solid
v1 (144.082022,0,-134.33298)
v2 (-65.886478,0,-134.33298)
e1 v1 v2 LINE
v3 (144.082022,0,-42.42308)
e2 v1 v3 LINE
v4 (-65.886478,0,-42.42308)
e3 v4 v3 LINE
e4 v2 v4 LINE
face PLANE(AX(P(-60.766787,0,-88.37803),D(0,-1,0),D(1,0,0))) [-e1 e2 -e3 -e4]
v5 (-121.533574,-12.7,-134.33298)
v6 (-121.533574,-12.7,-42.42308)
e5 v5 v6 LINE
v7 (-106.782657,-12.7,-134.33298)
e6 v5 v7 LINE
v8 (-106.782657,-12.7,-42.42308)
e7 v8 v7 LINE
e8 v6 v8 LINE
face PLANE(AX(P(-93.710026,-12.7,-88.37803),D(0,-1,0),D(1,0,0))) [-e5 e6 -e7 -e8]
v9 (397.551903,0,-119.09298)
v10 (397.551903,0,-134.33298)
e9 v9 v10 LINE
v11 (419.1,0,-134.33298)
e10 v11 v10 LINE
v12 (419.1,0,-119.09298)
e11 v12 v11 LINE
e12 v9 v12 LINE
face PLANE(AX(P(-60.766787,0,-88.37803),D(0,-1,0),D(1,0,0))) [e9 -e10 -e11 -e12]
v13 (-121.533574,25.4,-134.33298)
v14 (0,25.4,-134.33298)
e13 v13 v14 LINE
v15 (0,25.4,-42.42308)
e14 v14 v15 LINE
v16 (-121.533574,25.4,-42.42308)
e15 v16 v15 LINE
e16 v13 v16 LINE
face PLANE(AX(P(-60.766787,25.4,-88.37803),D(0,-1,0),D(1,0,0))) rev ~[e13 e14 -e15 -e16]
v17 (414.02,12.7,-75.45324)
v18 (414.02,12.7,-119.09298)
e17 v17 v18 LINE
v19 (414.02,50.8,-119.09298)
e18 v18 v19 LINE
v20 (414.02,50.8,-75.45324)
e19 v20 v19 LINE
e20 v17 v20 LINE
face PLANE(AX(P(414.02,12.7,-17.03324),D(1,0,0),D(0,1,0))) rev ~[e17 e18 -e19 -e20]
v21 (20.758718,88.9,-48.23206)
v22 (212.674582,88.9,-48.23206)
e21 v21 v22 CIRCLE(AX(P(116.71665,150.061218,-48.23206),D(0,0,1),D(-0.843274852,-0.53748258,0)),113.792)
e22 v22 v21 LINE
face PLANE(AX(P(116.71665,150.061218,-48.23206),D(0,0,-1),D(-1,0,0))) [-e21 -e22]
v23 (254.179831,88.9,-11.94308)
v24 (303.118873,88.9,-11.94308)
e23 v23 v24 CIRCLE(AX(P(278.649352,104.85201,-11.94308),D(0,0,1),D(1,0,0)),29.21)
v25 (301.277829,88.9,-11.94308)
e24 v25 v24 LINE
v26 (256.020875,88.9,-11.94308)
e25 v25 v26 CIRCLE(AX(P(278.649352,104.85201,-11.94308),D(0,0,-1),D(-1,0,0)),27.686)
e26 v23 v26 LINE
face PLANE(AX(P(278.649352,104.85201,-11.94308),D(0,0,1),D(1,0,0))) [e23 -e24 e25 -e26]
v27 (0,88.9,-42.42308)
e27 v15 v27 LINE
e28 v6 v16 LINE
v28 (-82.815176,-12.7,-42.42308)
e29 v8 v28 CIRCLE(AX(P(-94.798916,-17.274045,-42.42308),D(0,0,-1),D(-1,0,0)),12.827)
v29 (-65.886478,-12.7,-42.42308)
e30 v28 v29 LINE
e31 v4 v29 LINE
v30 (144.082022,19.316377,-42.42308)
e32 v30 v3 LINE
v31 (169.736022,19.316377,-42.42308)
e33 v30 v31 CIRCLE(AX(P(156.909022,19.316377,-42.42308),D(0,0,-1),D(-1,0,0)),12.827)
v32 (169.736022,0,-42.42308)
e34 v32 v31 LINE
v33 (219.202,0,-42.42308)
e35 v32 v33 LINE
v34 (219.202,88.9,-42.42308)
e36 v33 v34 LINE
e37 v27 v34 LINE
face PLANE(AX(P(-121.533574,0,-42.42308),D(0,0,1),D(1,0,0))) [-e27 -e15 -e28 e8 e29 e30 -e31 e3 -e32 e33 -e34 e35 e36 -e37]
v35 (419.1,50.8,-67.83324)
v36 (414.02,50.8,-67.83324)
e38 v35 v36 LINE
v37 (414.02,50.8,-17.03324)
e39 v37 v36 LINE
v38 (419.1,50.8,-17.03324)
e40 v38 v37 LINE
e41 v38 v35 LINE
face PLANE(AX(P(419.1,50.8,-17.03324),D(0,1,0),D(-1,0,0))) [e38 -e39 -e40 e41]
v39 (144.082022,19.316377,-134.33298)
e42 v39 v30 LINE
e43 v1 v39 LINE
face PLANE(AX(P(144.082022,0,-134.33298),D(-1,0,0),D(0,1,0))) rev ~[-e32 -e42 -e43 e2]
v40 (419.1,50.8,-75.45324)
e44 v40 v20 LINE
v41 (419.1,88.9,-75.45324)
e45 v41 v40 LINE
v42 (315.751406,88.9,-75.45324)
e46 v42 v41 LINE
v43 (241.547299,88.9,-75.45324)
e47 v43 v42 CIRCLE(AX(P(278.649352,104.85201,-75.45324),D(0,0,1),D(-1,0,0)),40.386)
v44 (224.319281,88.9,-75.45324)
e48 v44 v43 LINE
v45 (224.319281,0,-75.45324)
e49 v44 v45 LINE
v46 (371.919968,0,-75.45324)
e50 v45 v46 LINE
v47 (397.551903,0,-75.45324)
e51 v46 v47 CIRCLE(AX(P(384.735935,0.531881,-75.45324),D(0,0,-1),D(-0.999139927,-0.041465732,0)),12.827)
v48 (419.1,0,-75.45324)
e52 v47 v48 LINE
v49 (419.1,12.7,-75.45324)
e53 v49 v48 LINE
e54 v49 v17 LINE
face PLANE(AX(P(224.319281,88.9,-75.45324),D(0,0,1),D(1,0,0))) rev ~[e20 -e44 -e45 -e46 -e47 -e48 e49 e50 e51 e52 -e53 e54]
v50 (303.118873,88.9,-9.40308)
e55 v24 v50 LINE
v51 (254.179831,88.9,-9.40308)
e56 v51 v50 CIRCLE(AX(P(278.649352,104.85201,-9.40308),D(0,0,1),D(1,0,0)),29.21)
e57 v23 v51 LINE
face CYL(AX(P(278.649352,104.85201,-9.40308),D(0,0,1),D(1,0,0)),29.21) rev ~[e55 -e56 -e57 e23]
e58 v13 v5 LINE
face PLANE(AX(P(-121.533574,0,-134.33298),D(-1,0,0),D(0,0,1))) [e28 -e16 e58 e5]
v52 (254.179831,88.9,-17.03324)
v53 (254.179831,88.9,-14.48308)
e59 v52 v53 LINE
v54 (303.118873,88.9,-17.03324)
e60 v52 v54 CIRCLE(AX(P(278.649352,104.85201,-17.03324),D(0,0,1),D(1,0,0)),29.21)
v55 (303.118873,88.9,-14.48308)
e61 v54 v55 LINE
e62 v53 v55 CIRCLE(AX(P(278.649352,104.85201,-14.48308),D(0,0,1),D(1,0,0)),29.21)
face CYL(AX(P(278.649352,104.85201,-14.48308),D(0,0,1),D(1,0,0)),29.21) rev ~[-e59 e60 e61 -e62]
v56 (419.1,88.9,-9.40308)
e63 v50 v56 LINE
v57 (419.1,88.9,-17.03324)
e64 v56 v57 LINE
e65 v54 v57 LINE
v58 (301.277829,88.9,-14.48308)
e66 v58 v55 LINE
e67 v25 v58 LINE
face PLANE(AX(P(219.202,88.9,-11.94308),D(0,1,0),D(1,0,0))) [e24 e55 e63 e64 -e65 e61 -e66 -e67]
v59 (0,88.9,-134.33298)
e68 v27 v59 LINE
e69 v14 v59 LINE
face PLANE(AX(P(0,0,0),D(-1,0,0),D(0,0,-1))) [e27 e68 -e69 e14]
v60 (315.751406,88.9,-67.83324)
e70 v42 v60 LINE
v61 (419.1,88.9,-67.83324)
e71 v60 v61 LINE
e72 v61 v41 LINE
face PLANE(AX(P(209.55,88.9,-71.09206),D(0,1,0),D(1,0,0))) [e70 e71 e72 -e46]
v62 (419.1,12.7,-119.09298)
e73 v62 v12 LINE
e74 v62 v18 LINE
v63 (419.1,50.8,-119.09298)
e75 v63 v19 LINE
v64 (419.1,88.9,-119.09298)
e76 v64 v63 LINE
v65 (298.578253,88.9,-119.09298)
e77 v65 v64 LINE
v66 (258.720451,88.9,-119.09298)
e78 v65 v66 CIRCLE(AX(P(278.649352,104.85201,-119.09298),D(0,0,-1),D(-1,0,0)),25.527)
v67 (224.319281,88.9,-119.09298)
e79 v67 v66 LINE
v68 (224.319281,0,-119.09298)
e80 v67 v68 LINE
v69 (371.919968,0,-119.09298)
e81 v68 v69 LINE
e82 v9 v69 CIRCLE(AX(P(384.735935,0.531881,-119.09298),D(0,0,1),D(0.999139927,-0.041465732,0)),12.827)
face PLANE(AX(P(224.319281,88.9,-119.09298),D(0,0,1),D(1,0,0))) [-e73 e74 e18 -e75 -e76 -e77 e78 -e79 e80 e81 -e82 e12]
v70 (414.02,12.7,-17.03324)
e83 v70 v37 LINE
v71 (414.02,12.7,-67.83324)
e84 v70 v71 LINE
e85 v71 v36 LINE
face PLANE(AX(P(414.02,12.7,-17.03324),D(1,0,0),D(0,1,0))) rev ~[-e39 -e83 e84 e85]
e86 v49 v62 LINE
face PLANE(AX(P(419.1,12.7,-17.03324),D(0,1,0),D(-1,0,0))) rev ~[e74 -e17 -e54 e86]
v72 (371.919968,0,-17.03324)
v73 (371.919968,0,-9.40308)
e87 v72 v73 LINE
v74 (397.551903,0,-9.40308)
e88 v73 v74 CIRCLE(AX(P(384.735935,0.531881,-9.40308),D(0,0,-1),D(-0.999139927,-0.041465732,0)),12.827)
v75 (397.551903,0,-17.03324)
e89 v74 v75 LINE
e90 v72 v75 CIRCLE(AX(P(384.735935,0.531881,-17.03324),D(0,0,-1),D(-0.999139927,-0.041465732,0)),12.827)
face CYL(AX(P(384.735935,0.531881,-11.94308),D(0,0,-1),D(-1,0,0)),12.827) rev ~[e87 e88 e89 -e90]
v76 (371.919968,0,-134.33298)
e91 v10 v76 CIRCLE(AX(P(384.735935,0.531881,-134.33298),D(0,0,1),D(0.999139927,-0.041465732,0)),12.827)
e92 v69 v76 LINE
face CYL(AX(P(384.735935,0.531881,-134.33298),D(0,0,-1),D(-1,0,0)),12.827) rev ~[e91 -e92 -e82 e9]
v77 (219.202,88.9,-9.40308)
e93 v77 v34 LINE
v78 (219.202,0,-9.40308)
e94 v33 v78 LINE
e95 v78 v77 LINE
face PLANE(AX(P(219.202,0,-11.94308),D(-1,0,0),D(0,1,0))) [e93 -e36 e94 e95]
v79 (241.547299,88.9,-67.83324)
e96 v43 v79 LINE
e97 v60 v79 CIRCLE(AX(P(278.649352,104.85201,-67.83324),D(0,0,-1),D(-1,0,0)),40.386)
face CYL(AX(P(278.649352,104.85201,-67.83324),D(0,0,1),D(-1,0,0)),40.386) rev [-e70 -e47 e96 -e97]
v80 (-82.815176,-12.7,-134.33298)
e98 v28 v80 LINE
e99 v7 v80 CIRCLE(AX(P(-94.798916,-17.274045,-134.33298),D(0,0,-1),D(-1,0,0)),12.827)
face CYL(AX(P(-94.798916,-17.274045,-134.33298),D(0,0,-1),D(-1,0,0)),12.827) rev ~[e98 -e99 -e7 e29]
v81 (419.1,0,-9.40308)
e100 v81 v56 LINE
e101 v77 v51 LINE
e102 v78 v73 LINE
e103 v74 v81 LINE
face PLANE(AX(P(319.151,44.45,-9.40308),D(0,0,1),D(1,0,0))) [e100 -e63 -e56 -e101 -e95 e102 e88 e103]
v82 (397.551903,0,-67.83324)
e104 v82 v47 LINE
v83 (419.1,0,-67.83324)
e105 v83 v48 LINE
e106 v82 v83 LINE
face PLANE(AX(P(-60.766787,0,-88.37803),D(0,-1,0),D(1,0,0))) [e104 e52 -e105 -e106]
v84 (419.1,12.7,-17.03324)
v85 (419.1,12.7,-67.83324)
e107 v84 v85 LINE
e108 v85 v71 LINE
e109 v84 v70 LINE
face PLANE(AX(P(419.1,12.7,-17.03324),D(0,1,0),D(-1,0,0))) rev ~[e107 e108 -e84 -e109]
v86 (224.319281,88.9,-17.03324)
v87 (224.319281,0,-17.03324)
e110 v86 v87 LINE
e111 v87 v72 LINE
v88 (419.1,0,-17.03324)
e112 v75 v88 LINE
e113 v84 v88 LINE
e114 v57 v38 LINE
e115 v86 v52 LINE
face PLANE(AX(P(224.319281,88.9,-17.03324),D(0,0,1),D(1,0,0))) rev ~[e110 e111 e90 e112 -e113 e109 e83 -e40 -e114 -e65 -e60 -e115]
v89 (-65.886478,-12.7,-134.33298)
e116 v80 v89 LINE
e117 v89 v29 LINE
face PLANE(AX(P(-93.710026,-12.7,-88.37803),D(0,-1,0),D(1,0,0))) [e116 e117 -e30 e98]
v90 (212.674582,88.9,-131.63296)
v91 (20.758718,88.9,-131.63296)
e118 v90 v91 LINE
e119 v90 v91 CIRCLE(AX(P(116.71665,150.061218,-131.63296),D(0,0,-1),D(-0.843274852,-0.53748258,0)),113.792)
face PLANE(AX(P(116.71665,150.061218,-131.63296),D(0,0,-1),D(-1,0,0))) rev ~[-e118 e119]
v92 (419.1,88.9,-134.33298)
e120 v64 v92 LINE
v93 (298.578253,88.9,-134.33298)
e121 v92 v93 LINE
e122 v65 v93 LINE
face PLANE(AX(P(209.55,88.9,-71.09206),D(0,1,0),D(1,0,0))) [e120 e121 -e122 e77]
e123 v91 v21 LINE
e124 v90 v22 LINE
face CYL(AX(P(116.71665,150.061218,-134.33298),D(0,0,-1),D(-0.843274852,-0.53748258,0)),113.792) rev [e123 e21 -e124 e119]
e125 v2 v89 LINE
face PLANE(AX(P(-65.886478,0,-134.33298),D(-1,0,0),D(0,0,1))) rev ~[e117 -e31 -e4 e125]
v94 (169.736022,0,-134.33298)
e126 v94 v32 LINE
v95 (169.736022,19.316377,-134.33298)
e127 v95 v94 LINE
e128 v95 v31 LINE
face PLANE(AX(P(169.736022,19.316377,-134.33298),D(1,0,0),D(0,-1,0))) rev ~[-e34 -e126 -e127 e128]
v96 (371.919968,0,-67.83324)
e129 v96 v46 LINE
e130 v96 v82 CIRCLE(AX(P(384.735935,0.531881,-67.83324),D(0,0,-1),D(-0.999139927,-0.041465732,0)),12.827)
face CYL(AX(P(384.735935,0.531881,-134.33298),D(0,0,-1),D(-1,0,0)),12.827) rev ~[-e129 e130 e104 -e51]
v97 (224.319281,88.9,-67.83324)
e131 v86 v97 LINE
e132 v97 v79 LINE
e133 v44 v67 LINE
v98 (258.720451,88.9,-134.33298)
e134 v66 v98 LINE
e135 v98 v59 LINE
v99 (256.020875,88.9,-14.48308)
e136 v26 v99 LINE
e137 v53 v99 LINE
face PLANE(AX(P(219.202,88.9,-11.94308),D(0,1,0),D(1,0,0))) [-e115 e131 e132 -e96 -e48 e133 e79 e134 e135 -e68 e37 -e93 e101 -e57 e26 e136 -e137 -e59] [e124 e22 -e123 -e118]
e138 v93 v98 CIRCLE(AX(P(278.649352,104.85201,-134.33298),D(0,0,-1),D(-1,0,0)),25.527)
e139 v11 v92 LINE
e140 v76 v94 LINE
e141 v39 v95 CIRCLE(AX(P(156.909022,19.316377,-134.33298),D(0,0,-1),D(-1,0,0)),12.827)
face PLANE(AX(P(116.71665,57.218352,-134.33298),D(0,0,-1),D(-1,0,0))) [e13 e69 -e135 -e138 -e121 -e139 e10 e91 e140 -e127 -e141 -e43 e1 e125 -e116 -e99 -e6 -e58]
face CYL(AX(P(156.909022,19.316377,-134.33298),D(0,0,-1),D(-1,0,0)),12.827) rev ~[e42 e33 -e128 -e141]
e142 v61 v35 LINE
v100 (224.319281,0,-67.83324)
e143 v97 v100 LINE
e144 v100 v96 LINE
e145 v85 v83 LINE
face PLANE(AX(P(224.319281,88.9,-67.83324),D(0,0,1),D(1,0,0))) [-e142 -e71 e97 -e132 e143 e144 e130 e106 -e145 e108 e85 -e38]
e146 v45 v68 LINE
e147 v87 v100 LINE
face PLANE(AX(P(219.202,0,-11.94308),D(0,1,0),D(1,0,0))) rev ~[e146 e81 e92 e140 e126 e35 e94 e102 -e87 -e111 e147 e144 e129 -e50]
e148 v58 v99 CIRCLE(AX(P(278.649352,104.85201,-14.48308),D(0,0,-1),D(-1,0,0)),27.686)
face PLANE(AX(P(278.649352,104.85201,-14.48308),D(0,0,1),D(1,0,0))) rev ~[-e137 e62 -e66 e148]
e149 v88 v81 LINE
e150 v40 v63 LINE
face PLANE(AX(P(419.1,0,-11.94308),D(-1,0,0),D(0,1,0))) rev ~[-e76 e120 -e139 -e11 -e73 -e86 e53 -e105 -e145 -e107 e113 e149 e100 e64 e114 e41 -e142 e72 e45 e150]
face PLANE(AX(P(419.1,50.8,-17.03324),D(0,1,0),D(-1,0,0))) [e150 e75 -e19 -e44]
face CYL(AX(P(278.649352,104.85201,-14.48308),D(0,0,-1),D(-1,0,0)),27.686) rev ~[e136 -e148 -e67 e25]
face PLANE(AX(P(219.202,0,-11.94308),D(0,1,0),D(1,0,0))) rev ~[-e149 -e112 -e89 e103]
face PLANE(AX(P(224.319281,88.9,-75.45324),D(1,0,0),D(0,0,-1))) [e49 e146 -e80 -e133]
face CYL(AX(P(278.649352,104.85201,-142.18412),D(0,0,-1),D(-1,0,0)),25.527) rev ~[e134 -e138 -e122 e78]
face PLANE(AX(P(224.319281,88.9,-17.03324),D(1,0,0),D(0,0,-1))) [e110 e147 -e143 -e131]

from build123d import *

# Parameters (mm, degrees)
SKETCH1_W           = 419.1
SKETCH1_H           = 142.18412
BOSS_EXTRUDE1_DEPTH = 88.9
SKETCH2_R           = 119.38
CUT_EXTRUDE1_DEPTH  = 83.4009
SKETCH7_W           = 194.780719179
SKETCH7_H           = 43.63974
SKETCH7_H_2         = 50.8
CUT_EXTRUDE2_DEPTH  = 452.402640644
SKETCH4_R           = 40.386
CUT_EXTRUDE4_DEPTH  = 10
SKETCH18_R          = 25.527
CUT_EXTRUDE11_DEPTH = 23.09114
SKETCH5_R           = 27.686
CUT_EXTRUDE5_DEPTH  = 448.05209497
SKETCH8_W           = 419.1
SKETCH8_H           = 88.9
CUT_EXTRUDE6_DEPTH  = 7.85114
SKETCH9_W           = 419.1
SKETCH9_H           = 88.9
CUT_EXTRUDE7_DEPTH  = 11.94308
SKETCH10_W          = 219.202
SKETCH10_H          = 88.9
CUT_EXTRUDE8_DEPTH  = 30.48
SKETCH12_W          = 121.533574186
SKETCH12_H          = 91.9099
BOSS_EXTRUDE2_DEPTH = 25.4
SKETCH14_W          = 55.647095764
SKETCH14_H          = 91.9099
BOSS_EXTRUDE3_DEPTH = 12.7
CUT_EXTRUDE10_REACH = 447.564
SKETCH17_R          = 12.827
BOSS_EXTRUDE4_REACH = 446.193
SKETCH20_W          = 5.08
SKETCH20_H          = 38.1
SKETCH22_W          = 199.898
SKETCH22_H          = 88.9
BOSS_EXTRUDE5_DEPTH = 2.54
SKETCH24_R          = 29.21
CUT_EXTRUDE12_DEPTH = 2.54
CUT_EXTRUDE13_START = -5.08
SKETCH24_4_R        = 29.21
CUT_EXTRUDE13_DEPTH = 2.55016
SKETCH29_R          = 12.827
CUT_EXTRUDE14_DEPTH = 446.564033133
BOSS_EXTRUDE6_DEPTH = 86.10092


with BuildPart() as part:
    # Sketch1 → Boss-Extrude1 (new body)
    with BuildSketch(Plane(origin=(0, 0, 0), x_dir=(1, 0, 0), z_dir=(0, 1, 0))):
        with Locations((209.55, 71.09206)):
            Rectangle(SKETCH1_W, SKETCH1_H)
    extrude(amount=BOSS_EXTRUDE1_DEPTH)

    # Sketch2 → Cut-Extrude1 (cut)
    with BuildSketch(Plane(origin=(0, 0, -131.63296), x_dir=(-1, 0, 0), z_dir=(0, 0, -1))):
        with Locations((-116.7166499, 150.061217688)):
            Circle(SKETCH2_R)
    extrude(amount=-CUT_EXTRUDE1_DEPTH, mode=Mode.SUBTRACT)

    # Sketch7 → Cut-Extrude2 (cut, through all)
    with BuildSketch(Plane(origin=(0, 88.9, 0), x_dir=(1, 0, 0), z_dir=(0, 1, 0))):
        with Locations((321.709640411, 97.27311)):
            Rectangle(SKETCH7_W, SKETCH7_H)
        with Locations((321.709640411, 42.43324)):
            Rectangle(SKETCH7_W, SKETCH7_H_2)
    extrude(amount=-CUT_EXTRUDE2_DEPTH, mode=Mode.SUBTRACT)

    # Sketch4 → Cut-Extrude4 (cut)
    with BuildSketch(Plane(origin=(0, 0, -67.83324), x_dir=(-1, 0, 0), z_dir=(0, 0, -1))):
        with Locations((-278.649352085, 104.852009966)):
            Circle(SKETCH4_R)
    extrude(amount=CUT_EXTRUDE4_DEPTH, mode=Mode.SUBTRACT)

    # Sketch18 → Cut-Extrude11 (cut)
    with BuildSketch(Plane(origin=(0, 0, -142.18412), x_dir=(-1, 0, 0), z_dir=(0, 0, -1))):
        with Locations((-278.649352085, 104.852009966)):
            Circle(SKETCH18_R)
    extrude(amount=-CUT_EXTRUDE11_DEPTH, mode=Mode.SUBTRACT)

    # Sketch5 → Cut-Extrude5 (cut, through all)
    with BuildSketch(Plane(origin=(0, 0, -14.48308), x_dir=(-1, 0, 0), z_dir=(0, 0, -1))):
        with Locations((-278.649352085, 104.852009966)):
            Circle(SKETCH5_R)
    extrude(amount=-CUT_EXTRUDE5_DEPTH, mode=Mode.SUBTRACT)

    # Sketch8 → Cut-Extrude6 (cut)
    with BuildSketch(Plane(origin=(0, 0, -142.18412), x_dir=(-1, 0, 0), z_dir=(0, 0, -1))):
        with Locations((-209.55, 44.45)):
            Rectangle(SKETCH8_W, SKETCH8_H)
    extrude(amount=-CUT_EXTRUDE6_DEPTH, mode=Mode.SUBTRACT)

    # Sketch9 → Cut-Extrude7 (cut)
    with BuildSketch(Plane.XY):
        with Locations((209.55, 44.45)):
            Rectangle(SKETCH9_W, SKETCH9_H)
    extrude(amount=-CUT_EXTRUDE7_DEPTH, mode=Mode.SUBTRACT)

    # Sketch10 → Cut-Extrude8 (cut)
    with BuildSketch(Plane.XY.offset(-11.94308)):
        with Locations((109.601, 44.45)):
            Rectangle(SKETCH10_W, SKETCH10_H)
    extrude(amount=-CUT_EXTRUDE8_DEPTH, mode=Mode.SUBTRACT)

    # Sketch12 → Boss-Extrude2 (add)
    with BuildSketch(Plane.XZ):
        with Locations((-60.766787093, -88.37803)):
            Rectangle(SKETCH12_W, SKETCH12_H)
    extrude(amount=-BOSS_EXTRUDE2_DEPTH)

    # Sketch14 → Boss-Extrude3 (add)
    with BuildSketch(Plane.XZ):
        with Locations((-93.710026304, -88.37803)):
            Rectangle(SKETCH14_W, SKETCH14_H)
    extrude(amount=BOSS_EXTRUDE3_DEPTH)

    # Cut-Extrude10: up to this face of the body (flat: up to its plane)
    cut_extrude10_end = Plane(part.part.faces().sort_by_distance((320.017892525, 43.601141034, -11.94308))[0])
    # Sketch17 → Cut-Extrude10 (cut, up to the picked face)
    with BuildSketch(Plane(origin=(0, 0, -134.33298), x_dir=(-1, 0, 0), z_dir=(0, 0, -1)), mode=Mode.PRIVATE) as cut_extrude10_sk1:
        with Locations((-384.735935495, 0.531880938)):
            Circle(SKETCH17_R)
    cut_extrude10_tool1 = split(extrude(cut_extrude10_sk1.sketch, amount=-CUT_EXTRUDE10_REACH, mode=Mode.PRIVATE), bisect_by=cut_extrude10_end, keep=Keep.BOTH, mode=Mode.PRIVATE)
    # Sketch17 → Cut-Extrude10 (cut, up to the picked face)
    with BuildSketch(Plane(origin=(0, 0, -134.33298), x_dir=(-1, 0, 0), z_dir=(0, 0, -1)), mode=Mode.PRIVATE) as cut_extrude10_sk2:
        with Locations((94.798916194, -17.274045482)):
            Circle(SKETCH17_R)
    cut_extrude10_tool2 = split(extrude(cut_extrude10_sk2.sketch, amount=-CUT_EXTRUDE10_REACH, mode=Mode.PRIVATE), bisect_by=cut_extrude10_end, keep=Keep.BOTH, mode=Mode.PRIVATE)
    # Sketch17 → Cut-Extrude10 (cut, up to the picked face)
    with BuildSketch(Plane(origin=(0, 0, -134.33298), x_dir=(-1, 0, 0), z_dir=(0, 0, -1)), mode=Mode.PRIVATE) as cut_extrude10_sk3:
        with BuildLine():
            Line((-169.736021607, 19.31637742), (-169.736021607, 0))
            Line((-169.736021607, 0), (-144.082021607, 0))
            Line((-144.082021607, 0), (-144.082021607, 19.31637742))
            ThreePointArc((-144.082021607, 19.31637742), (-156.909021607, 32.14337742), (-169.736021607, 19.31637742))
        make_face()
    cut_extrude10_tool3 = split(extrude(cut_extrude10_sk3.sketch, amount=-CUT_EXTRUDE10_REACH, mode=Mode.PRIVATE), bisect_by=cut_extrude10_end, keep=Keep.BOTH, mode=Mode.PRIVATE)
    add(cut_extrude10_tool1.solids().sort_by(Axis((384.735935, 0.531881, -134.33298), (0, 0, 1)))[0], mode=Mode.SUBTRACT)
    add(cut_extrude10_tool2.solids().sort_by(Axis((-94.798916, -17.274045, -134.33298), (0, 0, 1)))[0], mode=Mode.SUBTRACT)
    add(cut_extrude10_tool3.solids().sort_by(Axis((156.909022, 14.834778, -134.33298), (0, 0, 1)))[0], mode=Mode.SUBTRACT)

    # Boss-Extrude4: up to this face of the body (flat: up to its plane)
    boss_extrude4_end = Plane(part.part.faces().sort_by_distance((183.515144796, 41.822372775, -134.33298))[0])
    # Sketch20 → Boss-Extrude4 (add, up to the picked face)
    with BuildSketch(Plane(origin=(0, 0, -17.03324), x_dir=(-1, 0, 0), z_dir=(0, 0, -1)), mode=Mode.PRIVATE) as boss_extrude4_sk1:
        with Locations((-416.56, 31.75)):
            Rectangle(SKETCH20_W, SKETCH20_H)
    boss_extrude4_tool1 = split(extrude(boss_extrude4_sk1.sketch, amount=BOSS_EXTRUDE4_REACH, mode=Mode.PRIVATE), bisect_by=boss_extrude4_end, keep=Keep.BOTH, mode=Mode.PRIVATE)
    add(boss_extrude4_tool1.solids().sort_by(Axis((416.56, 31.75, -17.03324), (0, 0, -1)))[0])

    # Sketch22 → Boss-Extrude5 (add)
    with BuildSketch(Plane.XY.offset(-11.94308)):
        with Locations((319.151, 44.45)):
            Rectangle(SKETCH22_W, SKETCH22_H)
    extrude(amount=BOSS_EXTRUDE5_DEPTH)

    # Sketch24 → Cut-Extrude12 (cut)
    with BuildSketch(Plane.XY.offset(-9.40308)):
        with Locations((278.649352085, 104.852009966)):
            Circle(SKETCH24_R)
    extrude(amount=-CUT_EXTRUDE12_DEPTH, mode=Mode.SUBTRACT)

    # Sketch24<4> → Cut-Extrude13 (cut)
    with BuildSketch(Plane.XY.offset(-9.40308).offset(CUT_EXTRUDE13_START)):
        with Locations((278.649352085, 104.852009966)):
            Circle(SKETCH24_4_R)
    extrude(amount=-CUT_EXTRUDE13_DEPTH, mode=Mode.SUBTRACT)

    # Sketch29 → Cut-Extrude14 (cut, through all)
    with BuildSketch(Plane(origin=(0, 0, -11.94308), x_dir=(-1, 0, 0), z_dir=(0, 0, -1))):
        with Locations((-384.735935495, 0.531880938)):
            Circle(SKETCH29_R)
    extrude(amount=-CUT_EXTRUDE14_DEPTH, mode=Mode.SUBTRACT)

    # Sketch30 → Boss-Extrude6 (add)
    with BuildSketch(Plane(origin=(0, 0, -134.33298), x_dir=(-1, 0, 0), z_dir=(0, 0, -1))):
        with BuildLine():
            Line((-14.194018979, 88.9), (-20.758717893, 88.9))
            ThreePointArc((-20.758717893, 88.9), (-116.7166499, 36.269217688), (-212.674581906, 88.9))
            Line((-212.674581906, 88.9), (-219.239280821, 88.9))
            ThreePointArc((-219.239280821, 88.9), (-116.7166499, 30.681217688), (-14.194018979, 88.9))
        make_face()
    extrude(amount=-BOSS_EXTRUDE6_DEPTH)


solid = part.part
